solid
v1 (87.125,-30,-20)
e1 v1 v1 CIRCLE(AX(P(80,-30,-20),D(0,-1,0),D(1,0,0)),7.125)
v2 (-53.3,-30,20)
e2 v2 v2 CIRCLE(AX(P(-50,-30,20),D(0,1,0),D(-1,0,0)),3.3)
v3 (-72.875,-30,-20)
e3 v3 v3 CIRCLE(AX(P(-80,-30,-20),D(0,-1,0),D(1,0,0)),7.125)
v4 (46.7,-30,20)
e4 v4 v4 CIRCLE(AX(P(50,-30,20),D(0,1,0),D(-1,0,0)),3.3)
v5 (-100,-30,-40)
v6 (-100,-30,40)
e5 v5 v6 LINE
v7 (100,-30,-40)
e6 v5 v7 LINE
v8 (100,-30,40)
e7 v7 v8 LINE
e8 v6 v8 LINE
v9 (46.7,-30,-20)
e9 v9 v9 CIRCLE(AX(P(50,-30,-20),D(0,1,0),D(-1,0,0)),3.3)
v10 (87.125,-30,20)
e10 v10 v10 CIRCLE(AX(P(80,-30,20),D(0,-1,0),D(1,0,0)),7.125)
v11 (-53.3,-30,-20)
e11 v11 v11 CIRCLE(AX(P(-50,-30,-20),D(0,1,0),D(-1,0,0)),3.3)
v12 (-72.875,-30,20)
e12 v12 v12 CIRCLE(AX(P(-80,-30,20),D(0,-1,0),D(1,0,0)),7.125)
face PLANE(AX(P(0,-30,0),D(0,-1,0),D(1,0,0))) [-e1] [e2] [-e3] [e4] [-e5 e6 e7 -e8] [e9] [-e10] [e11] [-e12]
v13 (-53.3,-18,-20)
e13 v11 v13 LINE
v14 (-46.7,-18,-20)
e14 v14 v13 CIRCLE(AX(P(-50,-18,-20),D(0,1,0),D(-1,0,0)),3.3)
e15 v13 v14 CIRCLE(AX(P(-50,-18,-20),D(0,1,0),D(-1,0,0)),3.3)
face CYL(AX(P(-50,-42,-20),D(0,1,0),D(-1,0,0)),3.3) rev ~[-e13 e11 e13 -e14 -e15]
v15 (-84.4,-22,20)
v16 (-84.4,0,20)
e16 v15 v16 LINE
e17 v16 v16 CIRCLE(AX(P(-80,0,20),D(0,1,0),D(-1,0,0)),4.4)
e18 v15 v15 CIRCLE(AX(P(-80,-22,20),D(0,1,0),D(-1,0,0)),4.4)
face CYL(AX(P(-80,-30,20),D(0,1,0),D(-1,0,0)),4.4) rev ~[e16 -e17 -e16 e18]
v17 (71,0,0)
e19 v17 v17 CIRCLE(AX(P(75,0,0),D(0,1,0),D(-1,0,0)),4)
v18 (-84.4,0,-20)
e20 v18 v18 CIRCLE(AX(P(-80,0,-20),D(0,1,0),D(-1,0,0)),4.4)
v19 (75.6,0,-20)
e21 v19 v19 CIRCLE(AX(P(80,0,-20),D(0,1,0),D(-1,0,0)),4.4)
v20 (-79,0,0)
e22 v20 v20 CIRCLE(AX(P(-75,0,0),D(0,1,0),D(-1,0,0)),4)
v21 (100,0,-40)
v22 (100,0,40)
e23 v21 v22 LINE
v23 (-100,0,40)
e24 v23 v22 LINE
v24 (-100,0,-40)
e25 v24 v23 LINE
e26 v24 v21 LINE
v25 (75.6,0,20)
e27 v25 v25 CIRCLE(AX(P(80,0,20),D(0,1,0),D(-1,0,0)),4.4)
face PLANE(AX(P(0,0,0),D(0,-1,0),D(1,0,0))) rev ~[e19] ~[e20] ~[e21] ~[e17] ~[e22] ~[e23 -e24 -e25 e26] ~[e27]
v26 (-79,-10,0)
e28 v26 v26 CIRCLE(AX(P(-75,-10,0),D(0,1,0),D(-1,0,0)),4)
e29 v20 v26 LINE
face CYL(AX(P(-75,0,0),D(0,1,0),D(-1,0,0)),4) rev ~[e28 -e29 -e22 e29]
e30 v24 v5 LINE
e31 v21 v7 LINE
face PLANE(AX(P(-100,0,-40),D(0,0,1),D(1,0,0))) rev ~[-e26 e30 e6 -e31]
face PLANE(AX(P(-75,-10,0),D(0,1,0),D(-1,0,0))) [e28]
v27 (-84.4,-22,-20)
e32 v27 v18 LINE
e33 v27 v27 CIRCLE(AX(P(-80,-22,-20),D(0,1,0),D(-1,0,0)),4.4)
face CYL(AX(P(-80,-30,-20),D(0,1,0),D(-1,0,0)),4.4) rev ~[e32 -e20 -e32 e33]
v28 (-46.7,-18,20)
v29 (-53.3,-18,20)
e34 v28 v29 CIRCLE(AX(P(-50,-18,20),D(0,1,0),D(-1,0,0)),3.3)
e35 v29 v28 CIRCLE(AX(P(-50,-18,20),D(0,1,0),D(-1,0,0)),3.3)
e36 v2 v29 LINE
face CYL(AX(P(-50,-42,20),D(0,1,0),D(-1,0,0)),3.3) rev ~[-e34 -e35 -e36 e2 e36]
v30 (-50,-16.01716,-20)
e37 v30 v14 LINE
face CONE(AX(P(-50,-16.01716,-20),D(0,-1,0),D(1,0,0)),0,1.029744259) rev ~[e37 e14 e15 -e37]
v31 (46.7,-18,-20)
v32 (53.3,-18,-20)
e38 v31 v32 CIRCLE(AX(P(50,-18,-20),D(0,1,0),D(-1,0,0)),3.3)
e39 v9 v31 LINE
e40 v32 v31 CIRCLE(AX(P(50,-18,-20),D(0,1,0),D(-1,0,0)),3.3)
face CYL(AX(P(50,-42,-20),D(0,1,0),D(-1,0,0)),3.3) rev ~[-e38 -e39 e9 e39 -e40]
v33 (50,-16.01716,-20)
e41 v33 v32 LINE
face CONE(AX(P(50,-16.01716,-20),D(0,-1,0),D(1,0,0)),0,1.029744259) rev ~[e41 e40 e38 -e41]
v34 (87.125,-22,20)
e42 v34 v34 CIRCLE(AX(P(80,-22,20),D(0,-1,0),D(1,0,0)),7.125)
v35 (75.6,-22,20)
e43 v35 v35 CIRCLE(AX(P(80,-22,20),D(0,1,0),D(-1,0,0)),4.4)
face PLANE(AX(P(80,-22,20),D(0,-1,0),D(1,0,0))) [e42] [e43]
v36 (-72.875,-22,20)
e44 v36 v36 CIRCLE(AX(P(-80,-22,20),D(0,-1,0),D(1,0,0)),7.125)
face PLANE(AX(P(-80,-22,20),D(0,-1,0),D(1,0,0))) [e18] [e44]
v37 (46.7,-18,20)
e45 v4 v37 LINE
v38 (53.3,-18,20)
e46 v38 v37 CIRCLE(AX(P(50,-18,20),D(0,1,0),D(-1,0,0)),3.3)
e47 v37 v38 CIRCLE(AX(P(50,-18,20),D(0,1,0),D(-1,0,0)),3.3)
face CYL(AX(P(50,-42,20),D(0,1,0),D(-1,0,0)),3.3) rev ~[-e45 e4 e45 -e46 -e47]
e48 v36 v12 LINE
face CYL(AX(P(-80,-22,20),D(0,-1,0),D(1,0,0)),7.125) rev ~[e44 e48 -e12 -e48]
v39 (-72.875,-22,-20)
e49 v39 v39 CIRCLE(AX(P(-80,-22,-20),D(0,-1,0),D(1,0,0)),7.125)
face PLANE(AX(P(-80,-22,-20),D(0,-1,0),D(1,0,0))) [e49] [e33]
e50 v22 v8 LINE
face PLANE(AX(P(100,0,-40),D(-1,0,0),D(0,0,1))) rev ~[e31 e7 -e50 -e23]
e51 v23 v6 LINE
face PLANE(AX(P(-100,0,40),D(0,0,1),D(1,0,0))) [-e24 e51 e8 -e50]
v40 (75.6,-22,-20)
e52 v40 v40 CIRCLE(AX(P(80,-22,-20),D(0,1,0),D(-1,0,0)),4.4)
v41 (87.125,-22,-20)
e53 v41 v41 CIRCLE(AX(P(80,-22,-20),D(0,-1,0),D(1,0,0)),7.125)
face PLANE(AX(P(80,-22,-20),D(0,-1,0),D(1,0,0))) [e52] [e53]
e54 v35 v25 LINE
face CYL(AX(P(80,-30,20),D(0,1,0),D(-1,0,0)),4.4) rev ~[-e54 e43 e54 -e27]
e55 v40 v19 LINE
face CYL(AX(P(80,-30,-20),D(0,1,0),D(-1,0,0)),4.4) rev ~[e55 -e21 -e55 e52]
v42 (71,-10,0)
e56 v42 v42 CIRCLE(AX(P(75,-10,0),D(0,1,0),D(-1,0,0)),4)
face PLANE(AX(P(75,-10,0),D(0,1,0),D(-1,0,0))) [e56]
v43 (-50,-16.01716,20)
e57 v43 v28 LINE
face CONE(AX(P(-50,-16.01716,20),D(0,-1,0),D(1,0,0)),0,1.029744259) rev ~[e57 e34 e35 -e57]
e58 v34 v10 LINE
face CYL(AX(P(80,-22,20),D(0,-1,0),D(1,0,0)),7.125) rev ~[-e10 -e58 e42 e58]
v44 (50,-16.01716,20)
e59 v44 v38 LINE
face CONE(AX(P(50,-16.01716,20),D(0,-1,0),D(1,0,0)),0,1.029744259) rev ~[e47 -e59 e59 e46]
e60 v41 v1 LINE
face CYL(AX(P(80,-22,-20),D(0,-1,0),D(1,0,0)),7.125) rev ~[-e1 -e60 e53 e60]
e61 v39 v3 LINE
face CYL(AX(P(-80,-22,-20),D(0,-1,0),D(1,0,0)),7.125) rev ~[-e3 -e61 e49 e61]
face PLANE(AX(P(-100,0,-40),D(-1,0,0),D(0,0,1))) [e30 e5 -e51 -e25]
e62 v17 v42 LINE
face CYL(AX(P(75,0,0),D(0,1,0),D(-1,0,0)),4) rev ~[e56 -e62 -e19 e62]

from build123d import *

# Parameters (mm, degrees)
F0_W           = 200
F0_H           = 80
F1_DEPTH       = 30
F2_R           = 4
F3_DEPTH       = 10
F5_D           = 8.8
F5_CBORE_D     = 14.25
F5_CBORE_DEPTH = 8
F7_D           = 6.6
F7_DEPTH       = 12
F7_TIP         = 1.9828400428


with BuildPart() as f1:
    # F0 (on Front) → F1 (new body)
    with BuildSketch(Plane.XZ):
        Rectangle(F0_W, F0_H)
    extrude(amount=F1_DEPTH)

    # F2 (on face) → F3 (cut)
    with BuildSketch(Plane(origin=(0, 0, 0), x_dir=(-1, 0, 0), z_dir=(0, 1, 0))):
        with Locations((-75, 0)):
            Circle(F2_R)
        with Locations((75, 0)):
            Circle(F2_R)
    extrude(amount=-F3_DEPTH, mode=Mode.SUBTRACT)

    # F5 (through all)
    with Locations(Plane.XZ.offset(30)):
        with Locations((-80, 20), (-80, -20), (80, 20), (80, -20)):
            CounterBoreHole(F5_D / 2, F5_CBORE_D / 2, F5_CBORE_DEPTH)

    # F7
    with Locations(Plane.XZ.offset(30)):
        with Locations((-50, -20), (-50, 20), (50, 20), (50, -20)):
            Hole(F7_D / 2, depth=F7_DEPTH)
            with Locations((0, 0, -(F7_DEPTH + F7_TIP / 2))):  # 118° drill point
                Cone(0, F7_D / 2, F7_TIP, mode=Mode.SUBTRACT)


solid = f1.part
